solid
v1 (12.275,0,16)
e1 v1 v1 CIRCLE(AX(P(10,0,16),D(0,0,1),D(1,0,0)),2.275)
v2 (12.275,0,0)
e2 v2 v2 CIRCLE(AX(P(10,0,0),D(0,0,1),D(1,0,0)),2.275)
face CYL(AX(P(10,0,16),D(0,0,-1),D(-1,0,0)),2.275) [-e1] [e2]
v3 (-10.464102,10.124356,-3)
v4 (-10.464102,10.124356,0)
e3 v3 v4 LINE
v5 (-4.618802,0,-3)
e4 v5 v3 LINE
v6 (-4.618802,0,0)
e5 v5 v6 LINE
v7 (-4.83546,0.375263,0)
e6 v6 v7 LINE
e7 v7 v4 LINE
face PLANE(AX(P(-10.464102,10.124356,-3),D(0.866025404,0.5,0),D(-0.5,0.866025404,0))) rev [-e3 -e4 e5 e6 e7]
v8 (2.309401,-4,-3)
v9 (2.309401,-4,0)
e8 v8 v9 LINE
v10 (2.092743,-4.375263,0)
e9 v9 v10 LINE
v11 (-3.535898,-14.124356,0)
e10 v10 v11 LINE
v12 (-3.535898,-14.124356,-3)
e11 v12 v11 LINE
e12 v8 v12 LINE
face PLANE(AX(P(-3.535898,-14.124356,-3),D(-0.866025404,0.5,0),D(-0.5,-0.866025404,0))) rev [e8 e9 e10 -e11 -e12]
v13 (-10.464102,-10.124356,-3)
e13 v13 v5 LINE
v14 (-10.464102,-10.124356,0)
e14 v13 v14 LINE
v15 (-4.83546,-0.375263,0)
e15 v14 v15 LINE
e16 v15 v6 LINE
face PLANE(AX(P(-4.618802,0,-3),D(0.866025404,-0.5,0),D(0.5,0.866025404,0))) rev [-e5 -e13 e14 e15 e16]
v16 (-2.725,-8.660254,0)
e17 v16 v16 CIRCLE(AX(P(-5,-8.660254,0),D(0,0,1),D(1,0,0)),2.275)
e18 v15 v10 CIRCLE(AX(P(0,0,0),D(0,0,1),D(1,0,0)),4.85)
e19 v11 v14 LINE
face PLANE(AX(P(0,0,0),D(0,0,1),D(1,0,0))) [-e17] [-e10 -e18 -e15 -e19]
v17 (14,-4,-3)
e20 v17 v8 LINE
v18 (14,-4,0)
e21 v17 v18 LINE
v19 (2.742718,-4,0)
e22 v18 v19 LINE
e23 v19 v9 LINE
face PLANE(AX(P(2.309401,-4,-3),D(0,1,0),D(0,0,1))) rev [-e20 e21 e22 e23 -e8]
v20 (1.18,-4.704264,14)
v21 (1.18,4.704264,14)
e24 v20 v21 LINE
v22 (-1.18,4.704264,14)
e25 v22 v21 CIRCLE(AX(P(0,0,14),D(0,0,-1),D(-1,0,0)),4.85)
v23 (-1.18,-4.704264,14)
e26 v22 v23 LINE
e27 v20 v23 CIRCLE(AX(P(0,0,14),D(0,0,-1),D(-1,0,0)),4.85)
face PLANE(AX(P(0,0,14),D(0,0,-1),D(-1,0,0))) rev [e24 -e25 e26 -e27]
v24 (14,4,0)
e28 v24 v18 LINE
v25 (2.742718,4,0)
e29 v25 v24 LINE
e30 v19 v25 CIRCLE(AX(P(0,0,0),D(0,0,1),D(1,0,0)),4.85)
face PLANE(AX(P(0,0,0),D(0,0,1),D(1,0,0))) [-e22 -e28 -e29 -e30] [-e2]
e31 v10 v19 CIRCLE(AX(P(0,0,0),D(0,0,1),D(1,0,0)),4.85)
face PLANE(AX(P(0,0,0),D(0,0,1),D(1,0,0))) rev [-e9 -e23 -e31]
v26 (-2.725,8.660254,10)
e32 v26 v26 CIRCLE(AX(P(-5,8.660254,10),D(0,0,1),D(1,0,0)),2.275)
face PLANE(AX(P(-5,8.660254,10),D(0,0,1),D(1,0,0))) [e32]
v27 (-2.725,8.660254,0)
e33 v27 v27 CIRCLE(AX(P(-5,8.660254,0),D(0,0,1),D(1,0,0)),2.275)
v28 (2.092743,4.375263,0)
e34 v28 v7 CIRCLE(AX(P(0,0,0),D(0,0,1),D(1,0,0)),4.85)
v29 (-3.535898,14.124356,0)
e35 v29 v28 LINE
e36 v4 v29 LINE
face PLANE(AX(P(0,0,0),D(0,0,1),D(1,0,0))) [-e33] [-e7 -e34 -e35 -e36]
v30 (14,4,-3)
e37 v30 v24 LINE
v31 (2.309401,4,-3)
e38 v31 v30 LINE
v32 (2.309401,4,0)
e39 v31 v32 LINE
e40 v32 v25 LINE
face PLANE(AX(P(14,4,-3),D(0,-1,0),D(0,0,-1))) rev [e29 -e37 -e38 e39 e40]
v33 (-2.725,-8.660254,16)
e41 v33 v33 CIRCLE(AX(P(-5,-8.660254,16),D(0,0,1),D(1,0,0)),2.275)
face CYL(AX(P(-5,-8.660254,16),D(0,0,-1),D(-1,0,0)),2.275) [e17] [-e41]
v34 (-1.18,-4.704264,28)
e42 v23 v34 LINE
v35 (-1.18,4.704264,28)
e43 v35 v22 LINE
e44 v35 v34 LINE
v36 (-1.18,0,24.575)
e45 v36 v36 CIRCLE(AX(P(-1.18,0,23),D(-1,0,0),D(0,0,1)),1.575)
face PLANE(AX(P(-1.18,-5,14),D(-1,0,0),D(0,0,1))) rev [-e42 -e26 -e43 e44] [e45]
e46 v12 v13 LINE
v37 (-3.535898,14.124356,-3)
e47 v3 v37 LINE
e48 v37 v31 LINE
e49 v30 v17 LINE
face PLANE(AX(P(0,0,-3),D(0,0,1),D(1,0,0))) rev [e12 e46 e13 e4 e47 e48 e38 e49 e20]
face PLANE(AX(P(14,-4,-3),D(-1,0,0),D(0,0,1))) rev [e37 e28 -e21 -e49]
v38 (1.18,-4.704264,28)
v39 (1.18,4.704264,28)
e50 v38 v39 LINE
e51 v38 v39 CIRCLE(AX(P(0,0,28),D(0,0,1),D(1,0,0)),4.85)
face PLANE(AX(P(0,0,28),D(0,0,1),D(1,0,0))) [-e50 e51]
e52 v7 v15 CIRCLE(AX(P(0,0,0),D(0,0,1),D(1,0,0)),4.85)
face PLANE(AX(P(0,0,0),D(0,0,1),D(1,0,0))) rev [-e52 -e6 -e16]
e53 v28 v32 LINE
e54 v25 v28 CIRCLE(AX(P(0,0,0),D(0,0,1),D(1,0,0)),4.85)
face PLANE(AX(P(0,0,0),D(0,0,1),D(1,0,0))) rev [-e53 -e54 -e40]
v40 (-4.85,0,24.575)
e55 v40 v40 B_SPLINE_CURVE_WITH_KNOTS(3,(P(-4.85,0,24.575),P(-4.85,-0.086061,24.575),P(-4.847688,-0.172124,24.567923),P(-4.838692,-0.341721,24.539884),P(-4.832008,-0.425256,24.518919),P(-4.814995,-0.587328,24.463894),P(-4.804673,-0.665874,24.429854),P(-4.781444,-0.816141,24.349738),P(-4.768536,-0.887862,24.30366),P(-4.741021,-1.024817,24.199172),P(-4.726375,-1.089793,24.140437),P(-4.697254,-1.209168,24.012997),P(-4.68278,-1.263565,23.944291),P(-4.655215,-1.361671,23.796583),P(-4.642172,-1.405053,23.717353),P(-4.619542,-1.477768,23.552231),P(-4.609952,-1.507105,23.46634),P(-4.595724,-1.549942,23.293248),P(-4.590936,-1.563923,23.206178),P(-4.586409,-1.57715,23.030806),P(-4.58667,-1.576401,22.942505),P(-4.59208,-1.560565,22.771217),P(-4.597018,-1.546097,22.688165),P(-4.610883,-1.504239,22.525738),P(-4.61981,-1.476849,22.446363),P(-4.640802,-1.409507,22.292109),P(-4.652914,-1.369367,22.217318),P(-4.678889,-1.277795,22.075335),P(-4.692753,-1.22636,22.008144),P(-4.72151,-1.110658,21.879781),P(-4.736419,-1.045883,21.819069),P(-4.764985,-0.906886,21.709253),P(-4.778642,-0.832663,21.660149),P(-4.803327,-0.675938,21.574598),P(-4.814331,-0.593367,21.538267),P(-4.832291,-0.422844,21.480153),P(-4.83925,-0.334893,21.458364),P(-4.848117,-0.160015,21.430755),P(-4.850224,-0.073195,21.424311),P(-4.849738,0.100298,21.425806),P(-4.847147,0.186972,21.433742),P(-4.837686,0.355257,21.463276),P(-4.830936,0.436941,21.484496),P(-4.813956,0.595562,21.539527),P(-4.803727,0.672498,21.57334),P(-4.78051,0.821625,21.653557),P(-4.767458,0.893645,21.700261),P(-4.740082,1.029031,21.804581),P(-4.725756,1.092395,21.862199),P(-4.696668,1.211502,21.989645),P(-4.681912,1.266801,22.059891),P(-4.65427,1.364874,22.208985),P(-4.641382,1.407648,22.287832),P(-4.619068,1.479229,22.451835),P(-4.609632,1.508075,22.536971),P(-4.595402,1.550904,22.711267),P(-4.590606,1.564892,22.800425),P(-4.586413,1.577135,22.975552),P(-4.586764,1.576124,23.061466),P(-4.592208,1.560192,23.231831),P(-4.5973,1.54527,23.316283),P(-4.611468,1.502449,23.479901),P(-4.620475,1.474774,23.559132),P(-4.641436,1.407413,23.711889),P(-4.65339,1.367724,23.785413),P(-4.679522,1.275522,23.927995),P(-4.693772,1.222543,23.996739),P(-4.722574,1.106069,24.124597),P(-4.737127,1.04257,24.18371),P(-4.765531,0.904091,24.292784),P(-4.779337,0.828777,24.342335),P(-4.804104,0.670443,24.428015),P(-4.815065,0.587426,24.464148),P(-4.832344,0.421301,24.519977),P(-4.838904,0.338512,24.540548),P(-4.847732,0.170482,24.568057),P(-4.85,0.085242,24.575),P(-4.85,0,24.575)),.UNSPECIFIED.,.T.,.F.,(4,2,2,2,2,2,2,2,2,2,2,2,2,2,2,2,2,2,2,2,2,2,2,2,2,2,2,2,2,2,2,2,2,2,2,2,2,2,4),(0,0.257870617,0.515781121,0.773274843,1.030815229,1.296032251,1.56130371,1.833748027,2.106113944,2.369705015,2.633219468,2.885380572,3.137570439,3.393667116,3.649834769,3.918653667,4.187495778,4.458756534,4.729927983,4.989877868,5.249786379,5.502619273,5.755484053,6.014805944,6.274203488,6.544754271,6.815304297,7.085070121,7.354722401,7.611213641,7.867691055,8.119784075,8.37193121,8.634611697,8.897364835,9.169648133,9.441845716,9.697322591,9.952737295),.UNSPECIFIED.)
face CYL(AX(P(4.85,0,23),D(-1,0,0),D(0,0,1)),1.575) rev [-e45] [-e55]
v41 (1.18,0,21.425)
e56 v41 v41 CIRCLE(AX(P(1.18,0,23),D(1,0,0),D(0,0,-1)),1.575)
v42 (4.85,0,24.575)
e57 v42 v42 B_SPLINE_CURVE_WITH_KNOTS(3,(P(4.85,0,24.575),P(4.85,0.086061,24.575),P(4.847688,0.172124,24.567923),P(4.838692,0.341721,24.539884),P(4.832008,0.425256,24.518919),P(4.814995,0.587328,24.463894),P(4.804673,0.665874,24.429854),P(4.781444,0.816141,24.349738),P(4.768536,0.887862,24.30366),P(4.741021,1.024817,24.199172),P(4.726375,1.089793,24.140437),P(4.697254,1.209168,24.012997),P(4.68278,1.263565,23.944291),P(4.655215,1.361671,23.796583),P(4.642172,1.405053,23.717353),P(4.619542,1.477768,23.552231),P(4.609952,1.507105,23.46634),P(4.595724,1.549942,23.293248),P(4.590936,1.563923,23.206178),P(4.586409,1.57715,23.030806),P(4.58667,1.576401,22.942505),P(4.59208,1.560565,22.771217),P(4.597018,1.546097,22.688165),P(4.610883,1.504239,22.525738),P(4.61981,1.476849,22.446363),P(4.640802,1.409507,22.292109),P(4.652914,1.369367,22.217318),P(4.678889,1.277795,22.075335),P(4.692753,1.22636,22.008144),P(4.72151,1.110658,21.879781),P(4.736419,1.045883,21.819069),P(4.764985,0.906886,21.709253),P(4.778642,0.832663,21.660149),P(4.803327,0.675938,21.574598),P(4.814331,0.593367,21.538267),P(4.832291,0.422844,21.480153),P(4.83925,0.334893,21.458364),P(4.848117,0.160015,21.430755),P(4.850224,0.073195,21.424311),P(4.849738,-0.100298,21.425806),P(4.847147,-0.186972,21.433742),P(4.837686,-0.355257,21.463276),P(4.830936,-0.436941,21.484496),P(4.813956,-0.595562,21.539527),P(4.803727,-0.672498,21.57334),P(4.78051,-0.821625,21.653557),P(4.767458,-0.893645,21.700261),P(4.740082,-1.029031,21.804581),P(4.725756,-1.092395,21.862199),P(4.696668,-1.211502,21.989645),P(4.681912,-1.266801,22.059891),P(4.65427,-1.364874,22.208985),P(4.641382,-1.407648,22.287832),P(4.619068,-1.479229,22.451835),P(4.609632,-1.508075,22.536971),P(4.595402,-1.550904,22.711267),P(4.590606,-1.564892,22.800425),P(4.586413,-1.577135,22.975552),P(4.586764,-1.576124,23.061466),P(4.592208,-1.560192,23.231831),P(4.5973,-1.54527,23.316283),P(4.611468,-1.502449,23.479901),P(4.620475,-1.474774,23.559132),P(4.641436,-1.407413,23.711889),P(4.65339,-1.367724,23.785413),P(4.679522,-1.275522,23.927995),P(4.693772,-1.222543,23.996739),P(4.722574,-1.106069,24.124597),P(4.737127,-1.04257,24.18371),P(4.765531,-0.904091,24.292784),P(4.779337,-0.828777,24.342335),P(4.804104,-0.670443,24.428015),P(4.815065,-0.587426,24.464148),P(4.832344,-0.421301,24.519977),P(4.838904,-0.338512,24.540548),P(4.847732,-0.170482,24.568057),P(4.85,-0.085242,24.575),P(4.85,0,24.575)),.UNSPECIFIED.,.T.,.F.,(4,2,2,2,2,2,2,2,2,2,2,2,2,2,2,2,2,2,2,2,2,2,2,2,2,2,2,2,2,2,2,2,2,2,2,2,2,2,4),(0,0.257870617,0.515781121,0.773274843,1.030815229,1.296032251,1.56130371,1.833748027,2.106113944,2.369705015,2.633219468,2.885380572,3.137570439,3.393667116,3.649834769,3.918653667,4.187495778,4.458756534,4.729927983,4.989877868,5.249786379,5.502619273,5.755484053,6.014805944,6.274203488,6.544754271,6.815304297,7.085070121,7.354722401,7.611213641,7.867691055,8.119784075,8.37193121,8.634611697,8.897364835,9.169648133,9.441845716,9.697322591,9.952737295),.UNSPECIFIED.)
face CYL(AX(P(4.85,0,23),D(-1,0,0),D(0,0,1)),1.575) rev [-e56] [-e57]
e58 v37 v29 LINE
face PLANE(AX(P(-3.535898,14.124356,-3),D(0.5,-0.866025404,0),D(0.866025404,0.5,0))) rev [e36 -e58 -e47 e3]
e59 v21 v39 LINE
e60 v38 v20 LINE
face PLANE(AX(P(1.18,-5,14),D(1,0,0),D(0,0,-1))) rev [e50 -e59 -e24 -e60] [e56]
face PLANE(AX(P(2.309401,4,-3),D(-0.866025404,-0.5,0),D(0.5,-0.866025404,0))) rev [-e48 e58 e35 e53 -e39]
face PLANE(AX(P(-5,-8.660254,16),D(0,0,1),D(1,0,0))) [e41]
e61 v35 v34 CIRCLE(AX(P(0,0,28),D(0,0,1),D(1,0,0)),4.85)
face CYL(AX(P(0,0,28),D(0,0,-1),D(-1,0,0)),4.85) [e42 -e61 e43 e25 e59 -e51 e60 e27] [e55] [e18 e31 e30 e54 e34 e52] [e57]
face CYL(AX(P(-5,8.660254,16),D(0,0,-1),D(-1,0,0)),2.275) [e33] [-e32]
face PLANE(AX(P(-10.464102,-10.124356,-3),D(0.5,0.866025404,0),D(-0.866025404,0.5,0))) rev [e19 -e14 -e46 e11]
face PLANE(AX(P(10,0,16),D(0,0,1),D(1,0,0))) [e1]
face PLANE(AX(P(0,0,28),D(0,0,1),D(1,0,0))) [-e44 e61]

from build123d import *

# Parameters (mm, degrees)
SKETCH1_R               = 4.85
BOSS_EXTRUDE1_DEPTH     = 28
SKETCH2_W               = 2.36
SKETCH2_H               = 10
CUT_EXTRUDE1_DEPTH      = 14
CUT_EXTRUDE2_DEPTH      = 30.049671255
CUT_EXTRUDE2_DEPTH_BACK = 30.049671255
SKETCH3_R               = 1.575
BOSS_EXTRUDE2_DEPTH     = 3
SKETCH6_R               = 2.275
BOSS_EXTRUDE3_DEPTH     = 16
CUT_EXTRUDE3_START      = -6
SKETCH7_R               = 2.275
CUT_EXTRUDE3_DEPTH      = 6


with BuildPart() as part:
    # Sketch1 → Boss-Extrude1 (new body)
    with BuildSketch(Plane.XY):
        Circle(SKETCH1_R)
    extrude(amount=BOSS_EXTRUDE1_DEPTH)

    # Sketch2 → Cut-Extrude1 (cut)
    with BuildSketch(Plane.XY.offset(28)):
        Rectangle(SKETCH2_W, SKETCH2_H)
    extrude(amount=-CUT_EXTRUDE1_DEPTH, mode=Mode.SUBTRACT)

    # Sketch3 → Cut-Extrude2 (cut, two sides: drawn at the far end of the back side and taken through both)
    with BuildSketch(Plane.ZY.offset(-1.18).offset(-CUT_EXTRUDE2_DEPTH_BACK)):
        with Locations((23, 0)):
            Circle(SKETCH3_R)
    extrude(amount=CUT_EXTRUDE2_DEPTH + CUT_EXTRUDE2_DEPTH_BACK, mode=Mode.SUBTRACT)

    # Sketch5 → Boss-Extrude2 (add)
    with BuildSketch(Plane(origin=(0, 0, 0), x_dir=(-1, 0, 0), z_dir=(0, 0, -1))):
        Polygon((-2.309401077, -4), (-14, -4), (-14, 4), (-2.309401077, 4), (3.535898385, 14.124355653), (10.464101615, 10.124355653), (4.618802154, 0), (10.464101615, -10.124355653), (3.535898385, -14.124355653), align=None)
    extrude(amount=BOSS_EXTRUDE2_DEPTH)

    # Sketch6 → Boss-Extrude3 (add)
    with BuildSketch(Plane.XY):
        with Locations((-5, 8.660254038)):
            Circle(SKETCH6_R)
        with Locations((-5, -8.660254038)):
            Circle(SKETCH6_R)
        with Locations((10, 0)):
            Circle(SKETCH6_R)
    extrude(amount=BOSS_EXTRUDE3_DEPTH)

    # Sketch7 → Cut-Extrude3 (cut)
    with BuildSketch(Plane.XY.offset(16).offset(CUT_EXTRUDE3_START)):
        with Locations((-5, 8.660254038)):
            Circle(SKETCH7_R)
    extrude(amount=CUT_EXTRUDE3_DEPTH, mode=Mode.SUBTRACT)


solid = part.part
